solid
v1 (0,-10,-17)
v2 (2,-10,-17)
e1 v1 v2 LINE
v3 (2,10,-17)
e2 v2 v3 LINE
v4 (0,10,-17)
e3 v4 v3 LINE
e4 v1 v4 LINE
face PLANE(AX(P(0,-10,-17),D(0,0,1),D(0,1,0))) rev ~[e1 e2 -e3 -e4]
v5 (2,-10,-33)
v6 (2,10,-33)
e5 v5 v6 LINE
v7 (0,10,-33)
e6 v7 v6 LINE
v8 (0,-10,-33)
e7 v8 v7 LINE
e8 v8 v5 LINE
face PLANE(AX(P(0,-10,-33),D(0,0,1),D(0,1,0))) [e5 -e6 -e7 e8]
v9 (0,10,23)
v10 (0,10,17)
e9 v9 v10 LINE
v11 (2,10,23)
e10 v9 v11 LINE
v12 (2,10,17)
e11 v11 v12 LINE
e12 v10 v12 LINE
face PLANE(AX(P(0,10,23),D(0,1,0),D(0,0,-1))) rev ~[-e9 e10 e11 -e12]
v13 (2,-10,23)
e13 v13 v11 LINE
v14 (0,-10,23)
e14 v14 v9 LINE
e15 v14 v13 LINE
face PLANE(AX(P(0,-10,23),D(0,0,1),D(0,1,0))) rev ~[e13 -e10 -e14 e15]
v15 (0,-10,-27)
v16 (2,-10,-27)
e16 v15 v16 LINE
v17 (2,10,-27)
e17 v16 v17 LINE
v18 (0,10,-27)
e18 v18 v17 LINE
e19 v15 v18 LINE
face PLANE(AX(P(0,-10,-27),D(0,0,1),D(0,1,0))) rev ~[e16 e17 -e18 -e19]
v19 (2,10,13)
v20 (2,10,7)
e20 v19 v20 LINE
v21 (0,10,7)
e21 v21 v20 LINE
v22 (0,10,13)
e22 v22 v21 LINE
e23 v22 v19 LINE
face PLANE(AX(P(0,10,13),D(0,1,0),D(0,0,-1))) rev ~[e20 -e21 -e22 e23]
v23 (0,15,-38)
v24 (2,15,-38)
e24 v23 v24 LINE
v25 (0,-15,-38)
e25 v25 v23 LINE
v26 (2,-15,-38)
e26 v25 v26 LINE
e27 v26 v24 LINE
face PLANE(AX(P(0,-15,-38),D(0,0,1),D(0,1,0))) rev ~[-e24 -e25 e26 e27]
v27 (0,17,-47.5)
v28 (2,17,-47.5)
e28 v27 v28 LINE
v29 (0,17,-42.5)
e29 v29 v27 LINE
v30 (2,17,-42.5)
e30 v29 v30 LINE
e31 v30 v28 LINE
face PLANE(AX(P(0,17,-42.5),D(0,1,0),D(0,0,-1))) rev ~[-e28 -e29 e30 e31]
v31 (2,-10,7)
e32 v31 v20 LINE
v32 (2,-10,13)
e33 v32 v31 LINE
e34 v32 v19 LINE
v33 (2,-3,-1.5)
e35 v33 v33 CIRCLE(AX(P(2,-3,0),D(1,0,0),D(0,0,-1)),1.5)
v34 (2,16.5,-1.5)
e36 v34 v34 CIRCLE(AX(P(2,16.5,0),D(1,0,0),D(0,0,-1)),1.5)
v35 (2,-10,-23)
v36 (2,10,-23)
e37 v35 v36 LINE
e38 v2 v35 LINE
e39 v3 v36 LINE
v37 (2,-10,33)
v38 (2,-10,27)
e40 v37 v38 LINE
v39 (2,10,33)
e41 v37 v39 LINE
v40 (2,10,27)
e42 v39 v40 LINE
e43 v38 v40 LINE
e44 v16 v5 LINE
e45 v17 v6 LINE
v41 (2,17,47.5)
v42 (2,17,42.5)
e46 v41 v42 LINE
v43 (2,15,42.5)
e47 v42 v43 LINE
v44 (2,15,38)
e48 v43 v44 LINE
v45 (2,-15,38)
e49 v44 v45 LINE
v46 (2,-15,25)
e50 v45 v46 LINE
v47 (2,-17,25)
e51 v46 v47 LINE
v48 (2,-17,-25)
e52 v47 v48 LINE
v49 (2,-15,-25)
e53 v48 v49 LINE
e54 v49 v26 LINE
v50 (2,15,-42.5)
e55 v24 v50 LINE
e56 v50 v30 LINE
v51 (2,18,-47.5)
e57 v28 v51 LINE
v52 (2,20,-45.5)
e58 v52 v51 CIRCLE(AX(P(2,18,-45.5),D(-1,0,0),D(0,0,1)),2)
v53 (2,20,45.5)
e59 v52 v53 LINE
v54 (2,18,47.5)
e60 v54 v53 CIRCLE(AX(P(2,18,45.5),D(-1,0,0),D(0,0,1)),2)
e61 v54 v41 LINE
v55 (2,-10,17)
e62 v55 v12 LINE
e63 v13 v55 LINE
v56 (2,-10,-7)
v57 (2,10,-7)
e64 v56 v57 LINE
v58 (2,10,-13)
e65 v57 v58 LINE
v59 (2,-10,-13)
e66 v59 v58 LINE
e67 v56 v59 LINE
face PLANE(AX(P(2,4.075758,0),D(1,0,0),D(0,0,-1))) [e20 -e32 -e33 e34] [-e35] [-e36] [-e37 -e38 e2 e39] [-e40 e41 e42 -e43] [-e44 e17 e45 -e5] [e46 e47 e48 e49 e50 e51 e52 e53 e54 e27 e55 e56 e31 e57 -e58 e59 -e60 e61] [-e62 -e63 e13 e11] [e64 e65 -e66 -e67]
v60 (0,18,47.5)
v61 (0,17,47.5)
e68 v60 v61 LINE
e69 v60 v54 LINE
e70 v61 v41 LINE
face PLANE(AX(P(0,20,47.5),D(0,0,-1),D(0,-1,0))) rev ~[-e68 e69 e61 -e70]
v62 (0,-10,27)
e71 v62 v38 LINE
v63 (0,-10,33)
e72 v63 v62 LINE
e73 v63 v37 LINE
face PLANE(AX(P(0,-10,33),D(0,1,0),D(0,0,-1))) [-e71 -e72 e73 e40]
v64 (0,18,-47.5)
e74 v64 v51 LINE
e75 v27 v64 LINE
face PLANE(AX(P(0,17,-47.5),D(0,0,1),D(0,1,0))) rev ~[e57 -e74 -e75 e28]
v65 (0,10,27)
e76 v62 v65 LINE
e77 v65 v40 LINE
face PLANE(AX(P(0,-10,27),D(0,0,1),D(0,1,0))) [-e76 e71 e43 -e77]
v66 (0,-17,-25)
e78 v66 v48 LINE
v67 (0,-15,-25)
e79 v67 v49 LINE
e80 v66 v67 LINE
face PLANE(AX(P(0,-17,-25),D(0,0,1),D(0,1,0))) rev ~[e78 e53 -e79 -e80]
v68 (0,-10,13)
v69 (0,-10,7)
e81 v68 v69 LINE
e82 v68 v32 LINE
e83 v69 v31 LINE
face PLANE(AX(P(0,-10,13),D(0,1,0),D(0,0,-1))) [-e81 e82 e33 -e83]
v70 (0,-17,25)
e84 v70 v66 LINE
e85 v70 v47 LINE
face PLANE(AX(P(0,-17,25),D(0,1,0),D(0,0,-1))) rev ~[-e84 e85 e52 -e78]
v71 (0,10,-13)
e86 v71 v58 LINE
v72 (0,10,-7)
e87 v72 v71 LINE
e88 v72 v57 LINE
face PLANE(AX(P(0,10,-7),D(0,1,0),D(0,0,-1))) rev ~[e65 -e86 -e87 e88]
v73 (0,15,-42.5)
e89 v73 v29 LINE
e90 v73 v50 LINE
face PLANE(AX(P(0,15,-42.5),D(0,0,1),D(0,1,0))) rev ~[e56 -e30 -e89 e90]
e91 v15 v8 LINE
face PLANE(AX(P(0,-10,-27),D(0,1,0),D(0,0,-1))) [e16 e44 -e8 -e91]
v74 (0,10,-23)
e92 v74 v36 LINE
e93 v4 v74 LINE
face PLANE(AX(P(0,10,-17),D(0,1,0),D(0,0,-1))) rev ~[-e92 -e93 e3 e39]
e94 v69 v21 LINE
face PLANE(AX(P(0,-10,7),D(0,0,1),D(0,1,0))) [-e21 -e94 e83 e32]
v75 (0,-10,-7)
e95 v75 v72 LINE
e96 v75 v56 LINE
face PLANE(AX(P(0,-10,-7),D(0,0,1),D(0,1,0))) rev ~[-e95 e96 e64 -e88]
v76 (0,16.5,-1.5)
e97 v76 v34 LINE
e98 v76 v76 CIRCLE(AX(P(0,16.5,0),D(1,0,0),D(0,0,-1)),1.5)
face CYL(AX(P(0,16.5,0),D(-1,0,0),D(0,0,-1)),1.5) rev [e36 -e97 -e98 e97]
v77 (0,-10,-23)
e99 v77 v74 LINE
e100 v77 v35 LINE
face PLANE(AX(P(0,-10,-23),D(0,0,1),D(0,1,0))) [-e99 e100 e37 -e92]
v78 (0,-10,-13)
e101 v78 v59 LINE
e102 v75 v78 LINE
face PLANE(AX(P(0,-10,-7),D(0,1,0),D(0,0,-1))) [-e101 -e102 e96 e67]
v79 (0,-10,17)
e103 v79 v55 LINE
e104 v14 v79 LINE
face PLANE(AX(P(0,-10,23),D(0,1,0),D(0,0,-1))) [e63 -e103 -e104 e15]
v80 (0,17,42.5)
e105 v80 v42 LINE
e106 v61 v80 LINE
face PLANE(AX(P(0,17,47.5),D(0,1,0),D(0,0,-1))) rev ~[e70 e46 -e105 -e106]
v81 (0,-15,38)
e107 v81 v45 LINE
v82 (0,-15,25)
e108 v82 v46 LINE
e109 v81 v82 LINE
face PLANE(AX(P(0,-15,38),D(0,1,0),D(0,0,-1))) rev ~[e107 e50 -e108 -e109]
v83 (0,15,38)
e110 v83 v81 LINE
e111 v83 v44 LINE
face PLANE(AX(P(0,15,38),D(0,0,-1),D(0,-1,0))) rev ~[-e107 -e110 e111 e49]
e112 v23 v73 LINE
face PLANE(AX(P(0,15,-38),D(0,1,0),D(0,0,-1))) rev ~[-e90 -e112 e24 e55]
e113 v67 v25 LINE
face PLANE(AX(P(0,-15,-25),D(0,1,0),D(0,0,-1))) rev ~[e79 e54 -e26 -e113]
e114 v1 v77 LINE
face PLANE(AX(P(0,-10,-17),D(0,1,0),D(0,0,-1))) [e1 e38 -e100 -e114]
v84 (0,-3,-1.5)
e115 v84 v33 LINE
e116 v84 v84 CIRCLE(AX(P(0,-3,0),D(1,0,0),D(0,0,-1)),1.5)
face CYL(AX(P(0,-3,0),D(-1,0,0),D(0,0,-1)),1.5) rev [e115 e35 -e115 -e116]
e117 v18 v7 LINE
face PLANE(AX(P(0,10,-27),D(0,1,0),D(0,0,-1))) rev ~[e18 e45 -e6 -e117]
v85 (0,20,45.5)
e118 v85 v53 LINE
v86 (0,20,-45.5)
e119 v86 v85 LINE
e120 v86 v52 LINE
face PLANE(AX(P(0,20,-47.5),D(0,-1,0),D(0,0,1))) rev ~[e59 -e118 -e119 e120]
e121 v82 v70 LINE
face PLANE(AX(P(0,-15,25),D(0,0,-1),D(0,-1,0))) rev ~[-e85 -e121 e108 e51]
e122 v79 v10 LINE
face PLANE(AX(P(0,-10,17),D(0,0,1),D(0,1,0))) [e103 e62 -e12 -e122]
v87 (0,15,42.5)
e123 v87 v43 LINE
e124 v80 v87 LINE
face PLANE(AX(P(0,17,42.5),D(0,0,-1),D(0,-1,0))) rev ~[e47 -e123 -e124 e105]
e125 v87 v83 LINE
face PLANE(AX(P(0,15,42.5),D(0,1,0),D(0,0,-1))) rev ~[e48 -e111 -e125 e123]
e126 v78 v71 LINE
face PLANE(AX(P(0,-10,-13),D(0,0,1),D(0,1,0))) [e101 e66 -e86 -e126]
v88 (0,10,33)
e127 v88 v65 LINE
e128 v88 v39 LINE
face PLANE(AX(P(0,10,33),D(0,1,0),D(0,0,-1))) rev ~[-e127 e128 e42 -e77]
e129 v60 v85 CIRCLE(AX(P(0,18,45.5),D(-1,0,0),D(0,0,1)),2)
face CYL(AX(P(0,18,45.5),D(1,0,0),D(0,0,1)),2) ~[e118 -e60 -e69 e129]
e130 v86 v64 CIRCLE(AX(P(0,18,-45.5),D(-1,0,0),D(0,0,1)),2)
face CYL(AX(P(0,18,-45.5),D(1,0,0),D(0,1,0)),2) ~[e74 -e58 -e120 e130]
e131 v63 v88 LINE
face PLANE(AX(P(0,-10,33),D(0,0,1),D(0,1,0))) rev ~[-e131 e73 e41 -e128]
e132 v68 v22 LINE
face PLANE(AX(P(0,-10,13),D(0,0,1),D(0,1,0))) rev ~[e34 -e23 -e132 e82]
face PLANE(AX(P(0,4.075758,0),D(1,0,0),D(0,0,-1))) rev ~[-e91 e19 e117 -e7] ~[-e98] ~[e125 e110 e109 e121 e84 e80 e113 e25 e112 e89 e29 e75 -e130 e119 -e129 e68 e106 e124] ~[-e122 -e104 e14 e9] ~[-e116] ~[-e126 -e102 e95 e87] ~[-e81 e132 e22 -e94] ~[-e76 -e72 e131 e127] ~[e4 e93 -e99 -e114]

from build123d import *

# Parameters (mm, degrees)
SKETCH1_R           = 1.5
SKETCH1_W           = 6
SKETCH1_H           = 20
BOSS_EXTRUDE1_DEPTH = 2
FILLET2_R           = 2


with BuildPart() as part:
    # Sketch1 → Boss-Extrude1 (new body)
    with BuildSketch(Plane(origin=(0, 0, 0), x_dir=(0, 0, -1), z_dir=(1, 0, 0))):
        Polygon((-25, -15), (-25, -17), (25, -17), (25, -15), (38, -15), (38, 15), (42.5, 15), (42.5, 17), (47.5, 17), (47.5, 20), (-47.5, 20), (-47.5, 17), (-42.5, 17), (-42.5, 15), (-38, 15), (-38, -15), align=None)
        with Locations((0, 16.5)):
            Circle(SKETCH1_R, mode=Mode.SUBTRACT)
        with Locations((0, -3)):
            Circle(SKETCH1_R, mode=Mode.SUBTRACT)
        with Locations((20, 0)):
            Rectangle(SKETCH1_W, SKETCH1_H, mode=Mode.SUBTRACT)
        with Locations((30, 0)):
            Rectangle(SKETCH1_W, SKETCH1_H, mode=Mode.SUBTRACT)
        with Locations((10, 0)):
            Rectangle(SKETCH1_W, SKETCH1_H, mode=Mode.SUBTRACT)
        with Locations((-10, 0)):
            Rectangle(SKETCH1_W, SKETCH1_H, mode=Mode.SUBTRACT)
        with Locations((-20, 0)):
            Rectangle(SKETCH1_W, SKETCH1_H, mode=Mode.SUBTRACT)
        with Locations((-30, 0)):
            Rectangle(SKETCH1_W, SKETCH1_H, mode=Mode.SUBTRACT)
    extrude(amount=BOSS_EXTRUDE1_DEPTH)

    # Fillet2
    fillet2_edges = [part.edges().sort_by_distance(p)[0] for p in [
        (1, 20, 47.5),
        (1, 20, -47.5),
    ]]
    fillet(fillet2_edges, radius=FILLET2_R)


solid = part.part
